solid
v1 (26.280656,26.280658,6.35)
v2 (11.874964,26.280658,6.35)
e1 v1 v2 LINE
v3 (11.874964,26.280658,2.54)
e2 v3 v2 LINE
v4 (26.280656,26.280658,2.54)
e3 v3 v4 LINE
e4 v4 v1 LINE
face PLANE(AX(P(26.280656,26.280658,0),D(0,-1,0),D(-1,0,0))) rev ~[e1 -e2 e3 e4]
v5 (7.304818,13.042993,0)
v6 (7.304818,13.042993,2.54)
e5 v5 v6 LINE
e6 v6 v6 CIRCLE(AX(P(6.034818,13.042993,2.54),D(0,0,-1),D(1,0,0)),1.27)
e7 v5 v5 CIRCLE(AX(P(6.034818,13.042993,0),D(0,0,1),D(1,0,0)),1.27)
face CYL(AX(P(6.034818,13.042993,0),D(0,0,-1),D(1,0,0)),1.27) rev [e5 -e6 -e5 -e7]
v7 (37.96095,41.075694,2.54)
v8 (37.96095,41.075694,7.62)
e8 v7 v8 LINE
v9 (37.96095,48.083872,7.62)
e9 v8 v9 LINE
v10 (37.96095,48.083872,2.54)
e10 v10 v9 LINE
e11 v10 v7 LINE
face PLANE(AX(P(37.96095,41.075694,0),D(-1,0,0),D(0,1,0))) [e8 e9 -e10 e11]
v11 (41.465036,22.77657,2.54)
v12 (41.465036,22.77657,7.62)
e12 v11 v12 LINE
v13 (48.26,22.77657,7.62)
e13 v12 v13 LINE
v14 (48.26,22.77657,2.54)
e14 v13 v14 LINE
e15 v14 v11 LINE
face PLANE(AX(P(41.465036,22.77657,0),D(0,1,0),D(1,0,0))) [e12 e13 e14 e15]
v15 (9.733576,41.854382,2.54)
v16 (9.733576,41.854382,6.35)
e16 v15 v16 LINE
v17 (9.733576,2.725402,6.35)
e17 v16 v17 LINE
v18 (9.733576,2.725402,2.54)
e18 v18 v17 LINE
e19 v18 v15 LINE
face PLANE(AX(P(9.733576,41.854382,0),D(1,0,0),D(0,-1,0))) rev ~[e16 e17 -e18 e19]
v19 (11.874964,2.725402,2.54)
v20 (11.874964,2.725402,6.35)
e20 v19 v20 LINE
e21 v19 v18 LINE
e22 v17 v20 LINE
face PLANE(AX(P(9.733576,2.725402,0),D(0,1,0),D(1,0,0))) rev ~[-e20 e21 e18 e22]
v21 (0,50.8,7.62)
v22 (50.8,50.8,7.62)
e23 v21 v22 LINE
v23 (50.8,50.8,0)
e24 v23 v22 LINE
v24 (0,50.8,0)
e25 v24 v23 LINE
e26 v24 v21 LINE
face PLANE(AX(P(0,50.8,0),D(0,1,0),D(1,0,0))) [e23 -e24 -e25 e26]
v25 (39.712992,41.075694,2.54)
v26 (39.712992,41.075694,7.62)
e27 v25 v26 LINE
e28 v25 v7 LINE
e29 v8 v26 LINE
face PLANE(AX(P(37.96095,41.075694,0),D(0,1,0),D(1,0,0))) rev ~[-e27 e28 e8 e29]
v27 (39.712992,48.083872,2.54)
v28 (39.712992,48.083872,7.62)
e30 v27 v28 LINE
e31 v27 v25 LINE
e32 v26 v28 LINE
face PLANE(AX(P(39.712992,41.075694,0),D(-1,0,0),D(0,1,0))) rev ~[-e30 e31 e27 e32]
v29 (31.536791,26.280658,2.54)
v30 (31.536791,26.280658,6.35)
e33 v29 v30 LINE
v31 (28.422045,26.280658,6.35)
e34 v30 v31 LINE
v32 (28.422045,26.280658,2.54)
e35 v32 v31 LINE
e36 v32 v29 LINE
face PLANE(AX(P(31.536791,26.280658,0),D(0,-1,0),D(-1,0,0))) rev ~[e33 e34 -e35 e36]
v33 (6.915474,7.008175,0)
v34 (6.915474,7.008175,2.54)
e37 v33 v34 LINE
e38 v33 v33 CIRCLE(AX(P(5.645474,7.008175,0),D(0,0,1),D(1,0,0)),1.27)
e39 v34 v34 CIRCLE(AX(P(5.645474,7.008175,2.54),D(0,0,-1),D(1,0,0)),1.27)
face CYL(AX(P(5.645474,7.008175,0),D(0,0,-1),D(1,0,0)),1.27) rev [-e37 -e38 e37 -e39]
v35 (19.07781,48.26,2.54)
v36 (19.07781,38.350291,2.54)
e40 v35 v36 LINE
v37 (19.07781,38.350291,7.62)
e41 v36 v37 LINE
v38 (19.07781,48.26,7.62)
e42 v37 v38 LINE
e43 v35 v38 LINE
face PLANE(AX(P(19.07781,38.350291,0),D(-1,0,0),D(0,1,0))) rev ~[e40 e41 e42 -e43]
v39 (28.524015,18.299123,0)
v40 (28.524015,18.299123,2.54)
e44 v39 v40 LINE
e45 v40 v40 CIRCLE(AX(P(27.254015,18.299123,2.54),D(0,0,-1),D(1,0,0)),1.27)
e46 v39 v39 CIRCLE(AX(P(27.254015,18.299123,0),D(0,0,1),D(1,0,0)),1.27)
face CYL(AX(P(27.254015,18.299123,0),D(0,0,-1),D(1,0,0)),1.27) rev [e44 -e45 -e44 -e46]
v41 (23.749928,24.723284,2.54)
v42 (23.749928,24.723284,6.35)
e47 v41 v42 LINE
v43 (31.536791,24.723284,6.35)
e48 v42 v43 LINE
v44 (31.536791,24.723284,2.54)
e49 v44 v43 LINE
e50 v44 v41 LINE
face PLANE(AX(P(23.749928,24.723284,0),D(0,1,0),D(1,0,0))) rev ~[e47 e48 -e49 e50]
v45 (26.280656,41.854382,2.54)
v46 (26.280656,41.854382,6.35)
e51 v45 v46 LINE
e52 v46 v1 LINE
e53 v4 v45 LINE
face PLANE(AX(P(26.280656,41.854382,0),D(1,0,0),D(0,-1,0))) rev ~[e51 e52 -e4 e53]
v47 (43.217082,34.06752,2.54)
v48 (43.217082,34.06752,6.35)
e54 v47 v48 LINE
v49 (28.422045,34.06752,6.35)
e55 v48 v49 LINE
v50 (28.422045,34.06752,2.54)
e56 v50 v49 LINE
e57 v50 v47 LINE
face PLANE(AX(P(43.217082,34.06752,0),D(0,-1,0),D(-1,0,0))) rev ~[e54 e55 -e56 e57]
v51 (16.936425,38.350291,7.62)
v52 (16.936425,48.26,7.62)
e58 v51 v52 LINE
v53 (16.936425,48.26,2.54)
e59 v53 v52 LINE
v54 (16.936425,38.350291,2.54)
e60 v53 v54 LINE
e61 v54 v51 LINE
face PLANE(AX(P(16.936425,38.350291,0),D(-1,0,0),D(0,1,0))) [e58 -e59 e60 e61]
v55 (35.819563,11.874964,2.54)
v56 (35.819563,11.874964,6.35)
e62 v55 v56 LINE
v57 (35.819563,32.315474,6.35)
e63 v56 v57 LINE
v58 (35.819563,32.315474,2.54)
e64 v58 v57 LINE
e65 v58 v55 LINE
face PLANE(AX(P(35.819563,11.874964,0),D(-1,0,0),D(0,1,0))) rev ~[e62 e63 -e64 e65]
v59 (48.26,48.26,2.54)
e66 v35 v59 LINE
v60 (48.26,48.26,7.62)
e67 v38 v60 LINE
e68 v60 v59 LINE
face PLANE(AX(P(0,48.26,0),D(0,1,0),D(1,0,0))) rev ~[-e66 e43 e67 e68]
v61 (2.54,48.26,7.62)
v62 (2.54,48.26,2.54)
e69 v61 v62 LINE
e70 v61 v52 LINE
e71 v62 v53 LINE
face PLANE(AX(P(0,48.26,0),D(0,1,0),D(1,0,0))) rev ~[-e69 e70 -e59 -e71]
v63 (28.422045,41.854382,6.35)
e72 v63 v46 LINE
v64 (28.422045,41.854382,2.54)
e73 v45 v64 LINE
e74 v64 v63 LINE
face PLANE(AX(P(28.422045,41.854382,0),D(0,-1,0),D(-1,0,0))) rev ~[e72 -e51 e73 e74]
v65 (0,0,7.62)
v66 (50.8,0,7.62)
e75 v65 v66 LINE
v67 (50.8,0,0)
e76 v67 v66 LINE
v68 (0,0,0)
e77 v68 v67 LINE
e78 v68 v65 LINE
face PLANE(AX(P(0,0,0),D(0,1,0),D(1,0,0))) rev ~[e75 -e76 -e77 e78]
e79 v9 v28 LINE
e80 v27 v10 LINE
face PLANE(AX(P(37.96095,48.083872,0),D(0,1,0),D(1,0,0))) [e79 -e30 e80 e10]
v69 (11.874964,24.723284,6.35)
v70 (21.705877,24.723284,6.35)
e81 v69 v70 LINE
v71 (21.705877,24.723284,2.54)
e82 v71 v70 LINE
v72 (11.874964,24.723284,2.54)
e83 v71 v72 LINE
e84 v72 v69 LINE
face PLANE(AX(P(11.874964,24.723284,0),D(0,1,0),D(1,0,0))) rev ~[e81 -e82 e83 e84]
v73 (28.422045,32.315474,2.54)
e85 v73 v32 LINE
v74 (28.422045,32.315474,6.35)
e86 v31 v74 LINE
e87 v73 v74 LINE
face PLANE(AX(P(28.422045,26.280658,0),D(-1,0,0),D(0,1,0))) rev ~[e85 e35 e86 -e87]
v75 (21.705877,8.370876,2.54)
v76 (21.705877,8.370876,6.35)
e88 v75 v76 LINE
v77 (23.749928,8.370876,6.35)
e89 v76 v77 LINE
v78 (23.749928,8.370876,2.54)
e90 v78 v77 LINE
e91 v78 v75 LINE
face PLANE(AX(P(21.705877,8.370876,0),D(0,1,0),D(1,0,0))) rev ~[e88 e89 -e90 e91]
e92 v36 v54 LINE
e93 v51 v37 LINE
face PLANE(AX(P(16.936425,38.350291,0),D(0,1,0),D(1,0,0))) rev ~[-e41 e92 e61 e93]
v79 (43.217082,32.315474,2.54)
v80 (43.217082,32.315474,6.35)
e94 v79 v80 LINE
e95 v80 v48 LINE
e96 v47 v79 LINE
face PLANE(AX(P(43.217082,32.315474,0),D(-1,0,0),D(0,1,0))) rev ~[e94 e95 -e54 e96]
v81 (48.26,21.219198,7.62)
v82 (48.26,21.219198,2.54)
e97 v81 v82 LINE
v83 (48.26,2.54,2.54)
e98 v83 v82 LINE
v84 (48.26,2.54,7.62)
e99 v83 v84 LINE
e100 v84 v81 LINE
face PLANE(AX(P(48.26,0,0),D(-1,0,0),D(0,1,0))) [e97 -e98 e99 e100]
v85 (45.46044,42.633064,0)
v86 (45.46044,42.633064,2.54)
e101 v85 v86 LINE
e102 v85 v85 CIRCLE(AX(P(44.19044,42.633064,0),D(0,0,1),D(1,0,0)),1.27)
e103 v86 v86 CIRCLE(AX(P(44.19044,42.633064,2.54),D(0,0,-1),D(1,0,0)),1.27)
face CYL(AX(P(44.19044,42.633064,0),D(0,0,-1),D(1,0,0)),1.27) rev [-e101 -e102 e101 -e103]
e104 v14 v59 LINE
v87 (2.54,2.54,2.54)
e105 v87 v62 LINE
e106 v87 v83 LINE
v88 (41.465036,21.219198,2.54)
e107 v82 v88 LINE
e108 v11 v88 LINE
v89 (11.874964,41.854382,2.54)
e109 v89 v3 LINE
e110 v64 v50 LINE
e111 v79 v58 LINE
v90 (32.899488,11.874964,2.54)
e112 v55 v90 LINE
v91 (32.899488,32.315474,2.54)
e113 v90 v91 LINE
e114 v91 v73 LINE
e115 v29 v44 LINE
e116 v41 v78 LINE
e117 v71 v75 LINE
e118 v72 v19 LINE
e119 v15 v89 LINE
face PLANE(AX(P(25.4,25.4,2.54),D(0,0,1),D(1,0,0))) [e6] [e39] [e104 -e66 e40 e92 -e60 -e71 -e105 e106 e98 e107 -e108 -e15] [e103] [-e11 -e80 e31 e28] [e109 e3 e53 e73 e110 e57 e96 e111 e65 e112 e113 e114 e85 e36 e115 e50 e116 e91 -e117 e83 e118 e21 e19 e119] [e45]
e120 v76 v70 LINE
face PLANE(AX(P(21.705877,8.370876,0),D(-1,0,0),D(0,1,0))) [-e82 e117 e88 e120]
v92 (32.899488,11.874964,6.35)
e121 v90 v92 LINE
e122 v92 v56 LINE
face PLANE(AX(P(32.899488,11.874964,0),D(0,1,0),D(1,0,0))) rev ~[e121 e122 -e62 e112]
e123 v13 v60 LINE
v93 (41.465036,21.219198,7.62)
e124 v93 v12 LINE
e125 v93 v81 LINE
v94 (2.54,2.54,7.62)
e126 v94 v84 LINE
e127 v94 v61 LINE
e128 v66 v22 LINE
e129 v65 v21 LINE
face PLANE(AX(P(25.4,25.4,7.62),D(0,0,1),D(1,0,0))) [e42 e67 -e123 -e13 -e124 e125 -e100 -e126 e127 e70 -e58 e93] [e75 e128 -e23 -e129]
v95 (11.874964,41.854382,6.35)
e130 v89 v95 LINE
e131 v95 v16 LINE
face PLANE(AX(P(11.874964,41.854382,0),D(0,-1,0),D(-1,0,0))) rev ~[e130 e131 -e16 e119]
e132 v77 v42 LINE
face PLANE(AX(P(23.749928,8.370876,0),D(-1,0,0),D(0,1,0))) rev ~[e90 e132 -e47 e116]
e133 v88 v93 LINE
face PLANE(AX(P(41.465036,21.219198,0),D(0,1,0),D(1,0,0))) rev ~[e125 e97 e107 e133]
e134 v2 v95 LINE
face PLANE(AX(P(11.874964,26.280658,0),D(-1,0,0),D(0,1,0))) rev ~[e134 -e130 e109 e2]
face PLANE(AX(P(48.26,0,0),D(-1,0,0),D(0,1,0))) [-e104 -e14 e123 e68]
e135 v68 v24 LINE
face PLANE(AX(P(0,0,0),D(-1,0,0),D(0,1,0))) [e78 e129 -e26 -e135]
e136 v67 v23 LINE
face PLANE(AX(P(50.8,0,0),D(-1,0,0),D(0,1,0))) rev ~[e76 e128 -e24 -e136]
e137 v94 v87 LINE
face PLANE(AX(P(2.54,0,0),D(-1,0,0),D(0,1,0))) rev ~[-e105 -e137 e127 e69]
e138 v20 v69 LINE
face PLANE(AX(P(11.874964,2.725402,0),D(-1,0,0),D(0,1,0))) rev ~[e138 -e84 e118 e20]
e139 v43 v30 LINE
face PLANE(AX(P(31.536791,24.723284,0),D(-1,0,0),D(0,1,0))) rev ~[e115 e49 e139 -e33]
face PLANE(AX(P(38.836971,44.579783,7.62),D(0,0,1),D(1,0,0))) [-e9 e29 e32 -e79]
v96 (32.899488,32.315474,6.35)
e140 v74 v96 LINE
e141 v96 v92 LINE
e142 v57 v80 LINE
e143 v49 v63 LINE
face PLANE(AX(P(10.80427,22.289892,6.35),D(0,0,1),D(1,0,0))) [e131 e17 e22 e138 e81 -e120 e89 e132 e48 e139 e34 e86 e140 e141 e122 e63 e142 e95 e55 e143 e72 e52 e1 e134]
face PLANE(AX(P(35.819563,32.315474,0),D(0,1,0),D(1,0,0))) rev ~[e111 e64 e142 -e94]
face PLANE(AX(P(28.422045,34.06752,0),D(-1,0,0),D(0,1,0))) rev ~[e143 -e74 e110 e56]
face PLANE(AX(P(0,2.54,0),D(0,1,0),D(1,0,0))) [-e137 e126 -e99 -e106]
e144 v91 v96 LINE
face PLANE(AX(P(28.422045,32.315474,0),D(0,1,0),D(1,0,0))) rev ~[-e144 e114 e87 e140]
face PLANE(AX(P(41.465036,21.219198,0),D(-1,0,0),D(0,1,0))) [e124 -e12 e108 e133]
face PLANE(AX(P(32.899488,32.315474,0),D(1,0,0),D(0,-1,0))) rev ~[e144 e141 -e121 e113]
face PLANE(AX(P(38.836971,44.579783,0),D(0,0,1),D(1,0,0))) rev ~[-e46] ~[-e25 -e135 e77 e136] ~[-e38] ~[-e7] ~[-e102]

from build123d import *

# Parameters (mm, degrees)
F0_W      = 50.8
F0_H      = 50.8
F1_DEPTH  = 7.62
F2_T      = -2.54
F3_W      = 2.044051
F3_H      = 16.352408
F4_DEPTH  = 6.35
F5_W      = 2.141385
F5_H      = 10.122921
F5_W_2    = 6.813503
F5_H_2    = 1.557372
F6_DEPTH  = 7.62
F7_W      = 1.752042
F7_H      = 7.008177
F8_DEPTH  = 7.62
F9_R      = 1.27
F10_DEPTH = 25.4
F11_R     = 1.27
F12_DEPTH = 25.4


with BuildPart() as f1:
    # F0 (on Top) → F1 (new body)
    with BuildSketch(Plane.XY):
        with Locations((25.4, 25.4)):
            Rectangle(F0_W, F0_H)
    extrude(amount=F1_DEPTH)

    # F2
    f2_openings = [f1.faces().sort_by_distance(p)[0] for p in [
        (25.4, 25.4, 7.62),
    ]]
    offset(amount=F2_T, openings=f2_openings)

    # F3 (on Top) → F4 (join)
    with BuildSketch(Plane.XY):
        Polygon((9.733576, 41.854382), (9.733576, 2.725402), (11.874964, 2.725402), (11.874964, 24.723284), (11.874964, 26.280658), (11.874964, 41.854382), align=None)
        Polygon((11.874964, 26.280658), (11.874964, 24.723284), (21.705878, 24.723284), (23.749929, 24.723284), (31.536791, 24.723284), (31.536791, 26.280658), (28.422045, 26.280658), (26.280656, 26.280658), align=None)
        with Locations((22.727903, 16.54708)):
            Rectangle(F3_W, F3_H)
        Polygon((26.280656, 41.854382), (26.280656, 26.280658), (28.422045, 26.280658), (28.422045, 32.315474), (28.422045, 34.06752), (28.422045, 41.854382), align=None)
        Polygon((28.422045, 34.06752), (28.422045, 32.315474), (32.899488, 32.315474), (35.819563, 32.315474), (43.217082, 32.315474), (43.217082, 34.06752), align=None)
        Polygon((35.819563, 32.315474), (32.899488, 32.315474), (32.899488, 11.874964), (35.819563, 11.874964), (35.819563, 22.095219), (35.819563, 24.723284), align=None)
    extrude(amount=F4_DEPTH)

    # F5 (on Top) → F6 (join)
    with BuildSketch(Plane.XY):
        with Locations((18.007117, 43.411752)):
            Rectangle(F5_W, F5_H)
        with Locations((44.871788, 21.997884)):
            Rectangle(F5_W_2, F5_H_2)
    extrude(amount=F6_DEPTH)

    # F7 (on Top) → F8 (join)
    with BuildSketch(Plane.XY):
        with Locations((38.836971, 44.579783)):
            Rectangle(F7_W, F7_H)
    extrude(amount=F8_DEPTH)

    # F9 (on Top) → F10 (cut)
    with BuildSketch(Plane.XY):
        with Locations((5.645474, 7.008175)):
            Circle(F9_R)
        with Locations((6.034818, 13.042993)):
            Circle(F9_R)
        with Locations((44.19044, 42.633064)):
            Circle(F9_R)
    extrude(amount=F10_DEPTH, mode=Mode.SUBTRACT)

    # F11 (on Top) → F12 (cut)
    with BuildSketch(Plane.XY):
        with Locations((27.254015, 18.299123)):
            Circle(F11_R)
    extrude(amount=F12_DEPTH, mode=Mode.SUBTRACT)


solid = f1.part
